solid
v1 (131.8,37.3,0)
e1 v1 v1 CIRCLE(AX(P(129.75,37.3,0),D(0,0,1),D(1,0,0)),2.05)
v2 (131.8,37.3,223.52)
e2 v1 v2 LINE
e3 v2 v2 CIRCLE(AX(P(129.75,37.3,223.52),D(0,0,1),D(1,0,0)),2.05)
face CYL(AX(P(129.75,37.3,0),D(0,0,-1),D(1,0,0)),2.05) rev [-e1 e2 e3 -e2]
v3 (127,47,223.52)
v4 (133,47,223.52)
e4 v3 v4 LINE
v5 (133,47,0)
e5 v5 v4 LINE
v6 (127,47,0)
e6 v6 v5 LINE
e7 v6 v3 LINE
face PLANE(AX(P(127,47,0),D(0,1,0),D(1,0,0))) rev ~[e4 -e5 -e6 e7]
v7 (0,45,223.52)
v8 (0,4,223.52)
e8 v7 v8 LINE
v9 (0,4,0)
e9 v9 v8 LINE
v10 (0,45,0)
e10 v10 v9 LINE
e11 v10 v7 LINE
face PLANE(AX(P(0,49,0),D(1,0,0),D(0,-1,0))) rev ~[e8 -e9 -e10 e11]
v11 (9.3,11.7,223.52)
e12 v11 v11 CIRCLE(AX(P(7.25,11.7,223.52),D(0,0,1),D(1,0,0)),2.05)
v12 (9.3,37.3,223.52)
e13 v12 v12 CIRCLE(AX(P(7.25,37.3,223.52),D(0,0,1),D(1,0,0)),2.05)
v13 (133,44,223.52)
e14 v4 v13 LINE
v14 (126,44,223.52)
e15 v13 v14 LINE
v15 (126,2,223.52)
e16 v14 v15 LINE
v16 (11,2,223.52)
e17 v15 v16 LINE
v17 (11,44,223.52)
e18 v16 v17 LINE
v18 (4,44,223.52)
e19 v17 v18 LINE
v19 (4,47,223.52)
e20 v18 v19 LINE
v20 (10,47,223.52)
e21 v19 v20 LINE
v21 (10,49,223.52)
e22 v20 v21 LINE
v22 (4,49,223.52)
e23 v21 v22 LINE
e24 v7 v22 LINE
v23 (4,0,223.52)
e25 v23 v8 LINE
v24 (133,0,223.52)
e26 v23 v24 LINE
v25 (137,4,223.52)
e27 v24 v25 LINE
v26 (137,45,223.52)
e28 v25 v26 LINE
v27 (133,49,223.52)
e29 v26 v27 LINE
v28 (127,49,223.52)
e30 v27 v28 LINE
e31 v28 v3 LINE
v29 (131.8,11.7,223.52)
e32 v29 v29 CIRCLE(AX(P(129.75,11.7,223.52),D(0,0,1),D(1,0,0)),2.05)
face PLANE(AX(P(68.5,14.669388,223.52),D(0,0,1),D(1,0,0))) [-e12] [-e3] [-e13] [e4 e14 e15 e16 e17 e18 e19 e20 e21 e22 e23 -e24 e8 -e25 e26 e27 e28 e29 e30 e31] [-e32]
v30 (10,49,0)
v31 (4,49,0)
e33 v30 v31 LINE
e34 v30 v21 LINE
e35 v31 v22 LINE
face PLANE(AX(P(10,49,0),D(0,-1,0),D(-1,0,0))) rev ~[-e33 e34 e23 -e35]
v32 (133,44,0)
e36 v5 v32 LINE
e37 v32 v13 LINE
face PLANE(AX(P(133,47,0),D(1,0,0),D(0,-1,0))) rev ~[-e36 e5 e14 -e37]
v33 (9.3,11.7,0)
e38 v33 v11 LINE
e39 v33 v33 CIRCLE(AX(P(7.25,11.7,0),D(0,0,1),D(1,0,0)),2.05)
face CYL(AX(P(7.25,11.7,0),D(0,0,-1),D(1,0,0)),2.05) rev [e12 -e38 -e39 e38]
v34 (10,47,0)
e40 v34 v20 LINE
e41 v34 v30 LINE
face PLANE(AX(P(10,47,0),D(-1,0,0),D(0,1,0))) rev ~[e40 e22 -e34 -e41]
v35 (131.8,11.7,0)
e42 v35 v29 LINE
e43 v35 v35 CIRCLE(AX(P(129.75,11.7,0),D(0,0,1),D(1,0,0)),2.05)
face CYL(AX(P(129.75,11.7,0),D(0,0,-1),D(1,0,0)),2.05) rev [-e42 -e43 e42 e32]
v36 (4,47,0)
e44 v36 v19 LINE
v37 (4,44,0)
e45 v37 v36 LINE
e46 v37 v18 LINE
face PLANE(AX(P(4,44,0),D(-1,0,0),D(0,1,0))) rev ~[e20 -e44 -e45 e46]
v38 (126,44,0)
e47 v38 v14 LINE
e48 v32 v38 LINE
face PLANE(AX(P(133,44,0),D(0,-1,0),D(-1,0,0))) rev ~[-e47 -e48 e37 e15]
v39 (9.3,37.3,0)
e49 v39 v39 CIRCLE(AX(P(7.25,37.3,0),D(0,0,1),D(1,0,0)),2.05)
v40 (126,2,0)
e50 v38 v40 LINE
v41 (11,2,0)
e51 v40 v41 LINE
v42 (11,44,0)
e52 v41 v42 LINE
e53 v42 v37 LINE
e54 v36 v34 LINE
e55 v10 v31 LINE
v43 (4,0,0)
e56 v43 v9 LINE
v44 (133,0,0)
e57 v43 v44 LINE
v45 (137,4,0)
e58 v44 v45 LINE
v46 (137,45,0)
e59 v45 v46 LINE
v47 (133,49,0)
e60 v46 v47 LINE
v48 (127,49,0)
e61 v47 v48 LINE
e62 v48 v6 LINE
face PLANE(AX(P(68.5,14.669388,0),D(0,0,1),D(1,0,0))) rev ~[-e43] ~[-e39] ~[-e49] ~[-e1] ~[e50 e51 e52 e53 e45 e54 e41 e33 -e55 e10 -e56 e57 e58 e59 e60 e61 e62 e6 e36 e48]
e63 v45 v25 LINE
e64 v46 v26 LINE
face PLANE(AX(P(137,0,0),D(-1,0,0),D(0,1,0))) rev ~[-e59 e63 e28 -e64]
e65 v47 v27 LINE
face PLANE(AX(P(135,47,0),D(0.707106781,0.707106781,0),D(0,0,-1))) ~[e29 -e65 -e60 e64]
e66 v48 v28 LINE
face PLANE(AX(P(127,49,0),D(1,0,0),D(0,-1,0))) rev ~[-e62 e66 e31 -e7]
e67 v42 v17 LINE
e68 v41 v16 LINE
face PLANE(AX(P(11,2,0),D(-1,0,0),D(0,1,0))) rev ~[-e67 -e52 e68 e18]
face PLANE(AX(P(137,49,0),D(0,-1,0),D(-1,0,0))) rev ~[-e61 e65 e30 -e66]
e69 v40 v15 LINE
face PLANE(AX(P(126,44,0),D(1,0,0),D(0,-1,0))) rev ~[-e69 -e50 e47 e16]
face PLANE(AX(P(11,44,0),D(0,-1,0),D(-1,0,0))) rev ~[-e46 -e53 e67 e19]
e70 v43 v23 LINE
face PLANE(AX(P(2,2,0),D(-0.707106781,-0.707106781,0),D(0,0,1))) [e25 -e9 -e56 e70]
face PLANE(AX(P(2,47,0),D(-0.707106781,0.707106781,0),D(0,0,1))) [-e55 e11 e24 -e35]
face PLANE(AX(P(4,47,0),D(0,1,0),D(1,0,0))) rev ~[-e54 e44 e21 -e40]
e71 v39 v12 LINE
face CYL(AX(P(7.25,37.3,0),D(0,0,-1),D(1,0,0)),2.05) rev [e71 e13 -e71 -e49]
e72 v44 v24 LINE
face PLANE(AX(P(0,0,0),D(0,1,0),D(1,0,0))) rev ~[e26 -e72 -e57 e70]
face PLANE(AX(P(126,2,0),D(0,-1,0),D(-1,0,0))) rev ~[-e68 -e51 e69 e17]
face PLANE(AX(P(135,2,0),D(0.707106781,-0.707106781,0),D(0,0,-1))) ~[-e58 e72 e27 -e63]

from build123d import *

# Parameters (mm, degrees)
SKETCH_R     = 2.05
PAD_DEPTH    = 223.52
CHAMFER_SIZE = 4


with BuildPart() as part:
    # Sketch → Pad (new body)
    with BuildSketch(Plane.XY):
        Polygon((0, 0), (137, 0), (137, 49), (127, 49), (127, 47), (133, 47), (133, 44), (126, 44), (126, 2), (11, 2), (11, 44), (4, 44), (4, 47), (10, 47), (10, 49), (0, 49), align=None)
        with Locations((7.25, 11.7)):
            Circle(SKETCH_R, mode=Mode.SUBTRACT)
        with Locations((129.75, 11.7)):
            Circle(SKETCH_R, mode=Mode.SUBTRACT)
        with Locations((7.25, 37.3)):
            Circle(SKETCH_R, mode=Mode.SUBTRACT)
        with Locations((129.75, 37.3)):
            Circle(SKETCH_R, mode=Mode.SUBTRACT)
    extrude(amount=PAD_DEPTH)

    # Chamfer
    chamfer_edges = [part.edges().sort_by_distance(p)[0] for p in [
        (0, 49, 111.76),
        (137, 49, 111.76),
        (137, 0, 111.76),
        (0, 0, 111.76),
    ]]
    chamfer(chamfer_edges, length=CHAMFER_SIZE)


solid = part.part
